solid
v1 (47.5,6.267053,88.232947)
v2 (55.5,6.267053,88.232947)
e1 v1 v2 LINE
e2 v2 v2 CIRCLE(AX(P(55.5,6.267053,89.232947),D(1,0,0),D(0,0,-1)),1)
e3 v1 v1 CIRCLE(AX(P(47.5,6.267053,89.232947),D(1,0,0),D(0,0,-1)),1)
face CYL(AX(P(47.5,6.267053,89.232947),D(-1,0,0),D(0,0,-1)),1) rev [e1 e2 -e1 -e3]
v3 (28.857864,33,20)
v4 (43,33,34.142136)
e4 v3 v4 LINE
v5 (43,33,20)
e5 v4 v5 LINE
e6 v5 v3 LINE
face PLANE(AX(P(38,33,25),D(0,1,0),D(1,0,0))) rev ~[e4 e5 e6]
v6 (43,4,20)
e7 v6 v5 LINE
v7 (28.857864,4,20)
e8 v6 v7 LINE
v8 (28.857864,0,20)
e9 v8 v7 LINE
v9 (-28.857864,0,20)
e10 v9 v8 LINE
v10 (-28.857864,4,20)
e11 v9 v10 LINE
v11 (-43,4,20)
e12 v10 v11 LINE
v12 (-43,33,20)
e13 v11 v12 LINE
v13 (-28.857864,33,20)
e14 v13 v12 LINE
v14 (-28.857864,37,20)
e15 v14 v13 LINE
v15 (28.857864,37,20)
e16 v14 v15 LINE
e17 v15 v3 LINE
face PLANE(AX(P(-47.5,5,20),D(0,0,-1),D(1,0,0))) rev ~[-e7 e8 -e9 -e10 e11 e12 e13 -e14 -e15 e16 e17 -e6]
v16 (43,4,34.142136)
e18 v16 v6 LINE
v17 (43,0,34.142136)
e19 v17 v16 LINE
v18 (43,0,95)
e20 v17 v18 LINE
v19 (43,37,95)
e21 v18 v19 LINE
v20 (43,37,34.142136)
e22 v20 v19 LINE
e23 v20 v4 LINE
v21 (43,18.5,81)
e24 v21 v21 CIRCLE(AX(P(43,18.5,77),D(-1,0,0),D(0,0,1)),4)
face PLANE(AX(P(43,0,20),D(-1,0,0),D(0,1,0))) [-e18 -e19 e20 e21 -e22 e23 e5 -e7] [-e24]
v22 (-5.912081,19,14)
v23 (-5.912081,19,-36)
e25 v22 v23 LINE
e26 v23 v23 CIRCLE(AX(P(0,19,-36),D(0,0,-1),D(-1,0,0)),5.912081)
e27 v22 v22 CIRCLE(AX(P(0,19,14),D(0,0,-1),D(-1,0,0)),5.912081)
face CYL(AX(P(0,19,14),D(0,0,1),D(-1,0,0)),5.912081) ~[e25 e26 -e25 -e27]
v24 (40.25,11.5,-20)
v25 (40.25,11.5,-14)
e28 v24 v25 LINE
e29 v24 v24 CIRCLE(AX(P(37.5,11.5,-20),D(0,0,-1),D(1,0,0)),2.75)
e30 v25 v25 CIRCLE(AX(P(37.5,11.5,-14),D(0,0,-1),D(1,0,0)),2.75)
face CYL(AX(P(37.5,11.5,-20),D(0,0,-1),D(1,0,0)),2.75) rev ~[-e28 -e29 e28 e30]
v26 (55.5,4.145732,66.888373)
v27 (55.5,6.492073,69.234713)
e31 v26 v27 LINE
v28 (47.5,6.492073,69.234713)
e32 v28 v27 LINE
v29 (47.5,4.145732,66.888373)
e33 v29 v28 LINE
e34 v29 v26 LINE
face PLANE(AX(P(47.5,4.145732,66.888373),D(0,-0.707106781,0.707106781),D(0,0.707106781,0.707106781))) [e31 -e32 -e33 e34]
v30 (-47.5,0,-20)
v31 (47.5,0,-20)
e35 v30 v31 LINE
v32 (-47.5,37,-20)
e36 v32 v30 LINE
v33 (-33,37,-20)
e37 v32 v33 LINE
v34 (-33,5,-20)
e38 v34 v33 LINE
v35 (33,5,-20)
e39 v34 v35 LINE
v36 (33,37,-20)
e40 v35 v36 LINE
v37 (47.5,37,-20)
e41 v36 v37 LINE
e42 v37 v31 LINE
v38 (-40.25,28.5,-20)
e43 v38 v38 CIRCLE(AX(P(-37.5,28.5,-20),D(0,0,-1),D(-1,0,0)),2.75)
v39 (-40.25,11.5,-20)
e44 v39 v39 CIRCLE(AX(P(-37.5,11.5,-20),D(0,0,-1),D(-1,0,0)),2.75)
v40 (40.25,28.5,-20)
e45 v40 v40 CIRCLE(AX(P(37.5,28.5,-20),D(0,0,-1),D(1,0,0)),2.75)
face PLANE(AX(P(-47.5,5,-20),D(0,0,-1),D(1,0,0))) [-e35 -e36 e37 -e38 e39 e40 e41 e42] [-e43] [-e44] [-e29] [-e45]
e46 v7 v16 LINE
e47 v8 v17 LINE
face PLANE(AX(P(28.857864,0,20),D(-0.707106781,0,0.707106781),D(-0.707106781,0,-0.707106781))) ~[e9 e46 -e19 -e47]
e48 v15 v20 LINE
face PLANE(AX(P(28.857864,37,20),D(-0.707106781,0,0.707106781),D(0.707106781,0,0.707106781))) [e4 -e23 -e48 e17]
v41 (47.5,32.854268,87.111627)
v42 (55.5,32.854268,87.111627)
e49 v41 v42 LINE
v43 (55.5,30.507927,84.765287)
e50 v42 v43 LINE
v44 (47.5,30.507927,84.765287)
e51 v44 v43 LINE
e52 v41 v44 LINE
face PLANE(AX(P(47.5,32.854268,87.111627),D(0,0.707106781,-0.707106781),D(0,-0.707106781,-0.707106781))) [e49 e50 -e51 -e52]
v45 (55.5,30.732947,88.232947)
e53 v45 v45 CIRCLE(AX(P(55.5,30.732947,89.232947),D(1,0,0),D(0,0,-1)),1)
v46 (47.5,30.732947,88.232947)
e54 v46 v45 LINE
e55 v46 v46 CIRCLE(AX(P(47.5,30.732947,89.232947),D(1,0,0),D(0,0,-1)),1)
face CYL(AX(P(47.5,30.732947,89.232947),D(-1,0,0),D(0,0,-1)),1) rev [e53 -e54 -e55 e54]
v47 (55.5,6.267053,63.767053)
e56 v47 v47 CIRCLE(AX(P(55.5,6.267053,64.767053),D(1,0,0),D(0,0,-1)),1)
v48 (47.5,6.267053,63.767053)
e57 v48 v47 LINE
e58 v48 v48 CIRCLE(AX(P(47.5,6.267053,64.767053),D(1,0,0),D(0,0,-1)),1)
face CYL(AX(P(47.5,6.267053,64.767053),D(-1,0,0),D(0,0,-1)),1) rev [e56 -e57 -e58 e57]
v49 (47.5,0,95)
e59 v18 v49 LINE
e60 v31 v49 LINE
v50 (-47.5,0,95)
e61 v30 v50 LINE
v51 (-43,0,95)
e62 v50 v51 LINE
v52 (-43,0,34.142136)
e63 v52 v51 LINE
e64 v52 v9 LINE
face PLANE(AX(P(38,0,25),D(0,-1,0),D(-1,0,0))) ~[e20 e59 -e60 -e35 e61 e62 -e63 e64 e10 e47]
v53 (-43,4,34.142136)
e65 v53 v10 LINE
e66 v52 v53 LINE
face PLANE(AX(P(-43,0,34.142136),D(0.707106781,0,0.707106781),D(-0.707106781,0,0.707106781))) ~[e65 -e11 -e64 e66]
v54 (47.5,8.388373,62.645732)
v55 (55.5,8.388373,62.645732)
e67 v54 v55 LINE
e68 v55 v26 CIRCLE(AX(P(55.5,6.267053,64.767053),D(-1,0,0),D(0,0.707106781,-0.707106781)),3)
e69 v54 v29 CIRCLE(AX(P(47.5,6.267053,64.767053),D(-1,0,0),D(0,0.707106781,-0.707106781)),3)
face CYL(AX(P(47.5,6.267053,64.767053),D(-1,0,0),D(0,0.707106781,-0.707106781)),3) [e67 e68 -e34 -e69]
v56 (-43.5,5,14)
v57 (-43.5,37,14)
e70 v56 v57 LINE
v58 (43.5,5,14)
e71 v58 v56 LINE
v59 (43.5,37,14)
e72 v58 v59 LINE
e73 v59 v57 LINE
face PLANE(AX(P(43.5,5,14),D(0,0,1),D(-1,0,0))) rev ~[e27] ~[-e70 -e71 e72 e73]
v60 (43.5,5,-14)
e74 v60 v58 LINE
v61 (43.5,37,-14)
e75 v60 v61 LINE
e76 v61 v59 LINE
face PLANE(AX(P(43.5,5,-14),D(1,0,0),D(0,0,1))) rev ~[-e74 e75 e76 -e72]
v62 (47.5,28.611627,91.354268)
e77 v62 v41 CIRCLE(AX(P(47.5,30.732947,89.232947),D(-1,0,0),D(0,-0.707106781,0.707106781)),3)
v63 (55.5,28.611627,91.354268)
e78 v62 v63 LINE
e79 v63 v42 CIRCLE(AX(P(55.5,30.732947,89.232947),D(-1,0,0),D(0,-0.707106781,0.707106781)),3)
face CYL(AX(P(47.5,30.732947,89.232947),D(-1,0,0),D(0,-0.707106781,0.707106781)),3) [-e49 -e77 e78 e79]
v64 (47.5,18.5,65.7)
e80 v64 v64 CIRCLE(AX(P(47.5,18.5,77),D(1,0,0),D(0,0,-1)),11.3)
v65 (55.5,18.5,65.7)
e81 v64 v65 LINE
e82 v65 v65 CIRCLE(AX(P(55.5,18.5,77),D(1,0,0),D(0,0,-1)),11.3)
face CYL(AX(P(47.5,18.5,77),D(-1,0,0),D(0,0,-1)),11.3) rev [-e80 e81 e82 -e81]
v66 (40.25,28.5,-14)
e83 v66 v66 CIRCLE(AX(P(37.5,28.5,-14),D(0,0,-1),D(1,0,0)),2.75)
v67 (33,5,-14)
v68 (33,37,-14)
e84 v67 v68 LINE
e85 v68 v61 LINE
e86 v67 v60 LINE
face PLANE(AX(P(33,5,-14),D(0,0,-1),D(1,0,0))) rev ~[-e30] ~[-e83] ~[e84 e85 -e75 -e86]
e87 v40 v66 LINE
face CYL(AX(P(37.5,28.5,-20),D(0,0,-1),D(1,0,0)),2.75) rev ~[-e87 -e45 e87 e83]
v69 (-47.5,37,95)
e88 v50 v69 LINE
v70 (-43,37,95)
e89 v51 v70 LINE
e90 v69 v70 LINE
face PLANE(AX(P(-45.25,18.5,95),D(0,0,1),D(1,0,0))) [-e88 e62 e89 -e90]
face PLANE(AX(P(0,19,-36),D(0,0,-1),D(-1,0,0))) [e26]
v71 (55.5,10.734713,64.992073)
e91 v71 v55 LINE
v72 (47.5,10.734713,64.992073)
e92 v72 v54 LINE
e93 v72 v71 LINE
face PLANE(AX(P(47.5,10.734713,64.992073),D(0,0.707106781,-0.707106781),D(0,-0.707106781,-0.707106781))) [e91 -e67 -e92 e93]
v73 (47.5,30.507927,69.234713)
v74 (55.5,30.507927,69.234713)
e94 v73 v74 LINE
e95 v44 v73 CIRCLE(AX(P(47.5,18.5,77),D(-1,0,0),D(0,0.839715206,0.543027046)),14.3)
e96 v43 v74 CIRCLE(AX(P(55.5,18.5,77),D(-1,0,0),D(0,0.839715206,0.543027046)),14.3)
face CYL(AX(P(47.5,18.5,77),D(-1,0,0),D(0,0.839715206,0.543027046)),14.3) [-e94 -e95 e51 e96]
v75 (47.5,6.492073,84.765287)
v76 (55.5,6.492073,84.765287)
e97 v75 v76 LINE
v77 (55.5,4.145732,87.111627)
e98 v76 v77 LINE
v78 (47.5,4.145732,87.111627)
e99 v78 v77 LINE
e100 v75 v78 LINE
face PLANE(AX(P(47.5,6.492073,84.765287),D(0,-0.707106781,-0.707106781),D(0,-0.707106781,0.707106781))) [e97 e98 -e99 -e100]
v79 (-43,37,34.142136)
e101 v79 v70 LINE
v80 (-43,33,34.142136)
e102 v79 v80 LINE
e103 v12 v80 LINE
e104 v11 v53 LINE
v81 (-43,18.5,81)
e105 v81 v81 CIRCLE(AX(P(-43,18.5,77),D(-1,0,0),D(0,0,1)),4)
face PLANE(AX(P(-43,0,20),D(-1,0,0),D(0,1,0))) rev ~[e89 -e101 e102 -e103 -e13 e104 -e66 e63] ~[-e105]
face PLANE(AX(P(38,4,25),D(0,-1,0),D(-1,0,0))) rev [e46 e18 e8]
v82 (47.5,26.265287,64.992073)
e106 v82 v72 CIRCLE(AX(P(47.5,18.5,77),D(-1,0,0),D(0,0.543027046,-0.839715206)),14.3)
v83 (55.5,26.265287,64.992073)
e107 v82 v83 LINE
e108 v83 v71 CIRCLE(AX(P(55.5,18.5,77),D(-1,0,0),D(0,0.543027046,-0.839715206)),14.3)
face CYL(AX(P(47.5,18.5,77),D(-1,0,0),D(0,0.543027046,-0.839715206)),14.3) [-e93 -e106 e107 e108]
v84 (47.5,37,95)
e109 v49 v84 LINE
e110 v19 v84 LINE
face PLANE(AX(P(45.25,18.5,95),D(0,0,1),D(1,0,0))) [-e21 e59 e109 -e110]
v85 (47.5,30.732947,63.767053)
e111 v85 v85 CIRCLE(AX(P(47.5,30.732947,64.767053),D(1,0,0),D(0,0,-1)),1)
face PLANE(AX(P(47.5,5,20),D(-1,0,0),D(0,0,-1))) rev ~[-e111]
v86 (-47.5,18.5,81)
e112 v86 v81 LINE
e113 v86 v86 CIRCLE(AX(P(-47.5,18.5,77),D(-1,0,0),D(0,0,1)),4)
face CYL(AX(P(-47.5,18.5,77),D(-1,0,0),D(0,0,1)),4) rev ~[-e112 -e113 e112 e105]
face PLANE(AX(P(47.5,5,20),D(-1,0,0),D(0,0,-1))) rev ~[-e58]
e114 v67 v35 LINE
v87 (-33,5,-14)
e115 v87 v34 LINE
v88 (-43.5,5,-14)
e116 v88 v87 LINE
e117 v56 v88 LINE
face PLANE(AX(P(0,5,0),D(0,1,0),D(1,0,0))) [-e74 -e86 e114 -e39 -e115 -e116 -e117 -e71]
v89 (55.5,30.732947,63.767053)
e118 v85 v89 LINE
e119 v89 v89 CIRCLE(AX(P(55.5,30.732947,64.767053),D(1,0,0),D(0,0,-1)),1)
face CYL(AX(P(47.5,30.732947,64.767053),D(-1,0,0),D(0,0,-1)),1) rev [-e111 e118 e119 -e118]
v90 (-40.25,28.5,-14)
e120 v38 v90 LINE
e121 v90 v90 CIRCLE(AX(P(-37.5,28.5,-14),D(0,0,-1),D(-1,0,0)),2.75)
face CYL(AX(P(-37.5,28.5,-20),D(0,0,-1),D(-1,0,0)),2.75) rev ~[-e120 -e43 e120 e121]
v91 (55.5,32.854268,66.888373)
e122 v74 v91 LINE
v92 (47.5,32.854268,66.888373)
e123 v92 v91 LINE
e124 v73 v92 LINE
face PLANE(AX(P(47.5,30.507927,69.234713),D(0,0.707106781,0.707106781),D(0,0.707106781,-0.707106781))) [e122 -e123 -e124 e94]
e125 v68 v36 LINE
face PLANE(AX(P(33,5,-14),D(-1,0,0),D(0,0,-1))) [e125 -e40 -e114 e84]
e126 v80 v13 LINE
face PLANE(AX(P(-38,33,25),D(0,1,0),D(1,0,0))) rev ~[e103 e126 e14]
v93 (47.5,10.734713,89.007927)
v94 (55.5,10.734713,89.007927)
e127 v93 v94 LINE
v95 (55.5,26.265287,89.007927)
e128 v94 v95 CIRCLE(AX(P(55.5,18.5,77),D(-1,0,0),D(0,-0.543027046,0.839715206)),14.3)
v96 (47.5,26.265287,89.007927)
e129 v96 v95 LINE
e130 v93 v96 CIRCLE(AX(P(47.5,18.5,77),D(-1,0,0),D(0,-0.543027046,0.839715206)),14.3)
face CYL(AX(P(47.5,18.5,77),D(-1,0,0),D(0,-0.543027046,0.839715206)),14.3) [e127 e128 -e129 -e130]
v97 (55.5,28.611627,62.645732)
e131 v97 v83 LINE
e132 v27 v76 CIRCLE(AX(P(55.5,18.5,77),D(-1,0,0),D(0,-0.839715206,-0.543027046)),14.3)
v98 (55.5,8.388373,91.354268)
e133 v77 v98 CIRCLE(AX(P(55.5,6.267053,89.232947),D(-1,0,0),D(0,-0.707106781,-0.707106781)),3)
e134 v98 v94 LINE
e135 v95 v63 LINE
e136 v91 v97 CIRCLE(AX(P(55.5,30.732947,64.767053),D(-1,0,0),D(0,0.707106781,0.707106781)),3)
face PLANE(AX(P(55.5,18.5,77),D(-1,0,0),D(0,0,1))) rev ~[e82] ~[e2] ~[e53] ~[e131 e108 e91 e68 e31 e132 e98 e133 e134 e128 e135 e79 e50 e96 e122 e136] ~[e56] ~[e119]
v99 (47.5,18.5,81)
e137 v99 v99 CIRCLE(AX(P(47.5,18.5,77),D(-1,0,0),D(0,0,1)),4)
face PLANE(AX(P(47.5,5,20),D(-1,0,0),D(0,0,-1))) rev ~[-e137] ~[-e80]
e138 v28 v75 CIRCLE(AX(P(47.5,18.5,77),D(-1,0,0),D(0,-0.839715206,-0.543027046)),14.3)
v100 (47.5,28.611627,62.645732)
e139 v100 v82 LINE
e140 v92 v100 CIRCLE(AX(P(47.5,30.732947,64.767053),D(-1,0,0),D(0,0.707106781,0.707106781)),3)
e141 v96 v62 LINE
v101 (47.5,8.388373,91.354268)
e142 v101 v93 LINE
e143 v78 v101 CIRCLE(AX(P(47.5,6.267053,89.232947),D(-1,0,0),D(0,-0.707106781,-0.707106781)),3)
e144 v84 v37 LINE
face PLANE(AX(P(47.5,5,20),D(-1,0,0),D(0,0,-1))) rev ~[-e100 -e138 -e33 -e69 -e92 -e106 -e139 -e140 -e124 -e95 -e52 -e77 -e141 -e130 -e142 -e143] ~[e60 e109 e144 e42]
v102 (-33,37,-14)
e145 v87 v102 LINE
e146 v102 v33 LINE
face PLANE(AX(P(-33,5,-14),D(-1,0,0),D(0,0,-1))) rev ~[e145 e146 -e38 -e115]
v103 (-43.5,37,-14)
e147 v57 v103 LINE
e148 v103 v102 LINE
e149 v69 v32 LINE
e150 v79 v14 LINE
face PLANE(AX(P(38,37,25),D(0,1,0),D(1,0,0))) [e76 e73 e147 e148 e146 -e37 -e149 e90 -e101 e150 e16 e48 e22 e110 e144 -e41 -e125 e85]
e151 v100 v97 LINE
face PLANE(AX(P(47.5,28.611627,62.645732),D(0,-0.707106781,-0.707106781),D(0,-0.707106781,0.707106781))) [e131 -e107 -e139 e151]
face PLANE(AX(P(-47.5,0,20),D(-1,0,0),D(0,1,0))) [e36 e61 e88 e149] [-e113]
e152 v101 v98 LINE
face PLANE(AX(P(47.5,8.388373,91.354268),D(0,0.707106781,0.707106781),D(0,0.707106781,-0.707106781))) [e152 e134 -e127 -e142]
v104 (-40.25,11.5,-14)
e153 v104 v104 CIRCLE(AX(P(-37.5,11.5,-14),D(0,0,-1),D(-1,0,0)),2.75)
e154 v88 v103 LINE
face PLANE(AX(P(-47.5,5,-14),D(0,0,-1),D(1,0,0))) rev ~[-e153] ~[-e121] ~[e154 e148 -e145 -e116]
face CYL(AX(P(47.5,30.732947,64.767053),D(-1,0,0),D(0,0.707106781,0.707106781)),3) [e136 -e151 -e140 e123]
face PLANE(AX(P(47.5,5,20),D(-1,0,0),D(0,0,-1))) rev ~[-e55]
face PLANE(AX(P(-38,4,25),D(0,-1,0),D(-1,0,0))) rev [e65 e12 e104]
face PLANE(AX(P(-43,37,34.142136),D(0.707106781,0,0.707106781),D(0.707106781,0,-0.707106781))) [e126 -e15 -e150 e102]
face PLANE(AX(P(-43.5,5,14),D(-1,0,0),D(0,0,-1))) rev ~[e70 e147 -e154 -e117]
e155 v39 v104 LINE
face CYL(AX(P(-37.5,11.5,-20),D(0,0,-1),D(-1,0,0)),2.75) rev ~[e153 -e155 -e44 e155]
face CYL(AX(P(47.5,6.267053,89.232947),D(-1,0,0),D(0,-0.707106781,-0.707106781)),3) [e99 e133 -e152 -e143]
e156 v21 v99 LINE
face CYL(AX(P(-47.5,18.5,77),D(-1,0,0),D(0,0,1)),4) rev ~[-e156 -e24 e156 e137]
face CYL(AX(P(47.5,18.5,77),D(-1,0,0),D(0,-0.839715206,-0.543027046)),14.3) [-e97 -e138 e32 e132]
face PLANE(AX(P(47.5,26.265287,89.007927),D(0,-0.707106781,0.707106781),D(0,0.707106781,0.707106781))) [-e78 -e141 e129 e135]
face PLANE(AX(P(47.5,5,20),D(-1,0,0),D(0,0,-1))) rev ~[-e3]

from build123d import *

# Parameters (mm, degrees)
SKETCH1_W            = 95
SKETCH1_H            = 40
BOSS_EXTRUDE1_DEPTH  = 5
SKETCH2_W            = 14.5
SKETCH2_H            = 6
BOSS_EXTRUDE2_DEPTH  = 32
SKETCH4_R            = 2.75
CUT_EXTRUDE1_DEPTH   = 6
BOSS_EXTRUDE5_DEPTH  = 32
SKETCH11_W           = 4.5
SKETCH11_H           = 37
BOSS_EXTRUDE6_DEPTH  = 75
SKETCH12_R           = 4
CUT_EXTRUDE3_DEPTH   = 110
BOSS_EXTRUDE9_DEPTH  = 4
SKETCH16_R           = 11.3
SKETCH16_R_2         = 1
BOSS_EXTRUDE11_DEPTH = 8
SKETCH17_R           = 5.912080619
BOSS_EXTRUDE12_DEPTH = 50


with BuildPart() as part:
    # Sketch1 → Boss-Extrude1 (new body)
    with BuildSketch(Plane(origin=(0, 0, 0), x_dir=(1, 0, 0), z_dir=(0, 1, 0))):
        Rectangle(SKETCH1_W, SKETCH1_H)
    extrude(amount=BOSS_EXTRUDE1_DEPTH)

    # Sketch2 → Boss-Extrude2 (add)
    with BuildSketch(Plane(origin=(0, 5, 0), x_dir=(1, 0, 0), z_dir=(0, 1, 0))):
        with Locations((-40.25, 17)):
            Rectangle(SKETCH2_W, SKETCH2_H)
        with Locations((40.25, 17)):
            Rectangle(SKETCH2_W, SKETCH2_H)
    extrude(amount=BOSS_EXTRUDE2_DEPTH)

    # Sketch4 → Cut-Extrude1 (cut)
    with BuildSketch(Plane(origin=(0, 0, -20), x_dir=(-1, 0, 0), z_dir=(0, 0, -1))):
        with Locations((37.5, 11.5)):
            Circle(SKETCH4_R)
        with Locations((37.5, 28.5)):
            Circle(SKETCH4_R)
        with Locations(Location((-37.5, 28.5, 0), (0, 0, 180))):
            Circle(SKETCH4_R)
        with Locations(Location((-37.5, 11.5, 0), (0, 0, 180))):
            Circle(SKETCH4_R)
    extrude(amount=-CUT_EXTRUDE1_DEPTH, mode=Mode.SUBTRACT)

    # Sketch10 → Boss-Extrude5 (add)
    with BuildSketch(Plane(origin=(0, 5, 0), x_dir=(1, 0, 0), z_dir=(0, 1, 0))):
        Polygon((-47.5, -14), (-47.5, -20), (-43.5, -20), (43.5, -20), (47.5, -20), (47.5, -19), (47.5, 14), (43.5, 14), (43.5, -14), (-43.5, -14), (-43.5, 14), (-47.5, 14), align=None)
    extrude(amount=BOSS_EXTRUDE5_DEPTH)

    # Sketch11 → Boss-Extrude6 (add)
    with BuildSketch(Plane.XY.offset(20)):
        with Locations((-45.25, 18.5)):
            Rectangle(SKETCH11_W, SKETCH11_H)
        with Locations((45.25, 18.5)):
            Rectangle(SKETCH11_W, SKETCH11_H)
    extrude(amount=BOSS_EXTRUDE6_DEPTH)

    # Sketch12 → Cut-Extrude3 (cut)
    with BuildSketch(Plane.ZY.offset(47.5)):
        with Locations((77, 18.5)):
            Circle(SKETCH12_R)
    extrude(amount=-CUT_EXTRUDE3_DEPTH, mode=Mode.SUBTRACT)

    # Sketch15 → Boss-Extrude9 (add)
    with BuildSketch(Plane(origin=(0, 37, 0), x_dir=(1, 0, 0), z_dir=(0, 1, 0))):
        Polygon((28.857864376, -20), (43, -34.142135624), (43, -20), align=None)
        Polygon((-28.857864376, -20), (-43, -20), (-43, -34.142135624), align=None)
    boss_extrude9 = extrude(amount=-BOSS_EXTRUDE9_DEPTH)

    # Mirror2: Boss-Extrude9 across plane
    add(boss_extrude9.mirror(Plane.ZX.offset(18.5)))

    # Sketch16 → Boss-Extrude11 (add)
    with BuildSketch(Plane(origin=(47.5, 0, 0), x_dir=(0, 0, -1), z_dir=(1, 0, 0))):
        with BuildLine():
            Line((-66.888373029, 4.145732342), (-69.234713241, 6.492072554))
            ThreePointArc((-69.234713241, 6.492072554), (-77, 4.2), (-84.765286759, 6.492072554))
            Line((-84.765286759, 6.492072554), (-87.111626971, 4.145732342))
            ThreePointArc((-87.111626971, 4.145732342), (-91.354267658, 4.145732342), (-91.354267658, 8.388373029))
            Line((-91.354267658, 8.388373029), (-89.007927446, 10.734713241))
            ThreePointArc((-89.007927446, 10.734713241), (-91.3, 18.5), (-89.007927446, 26.265286759))
            Line((-89.007927446, 26.265286759), (-91.354267658, 28.611626971))
            ThreePointArc((-91.354267658, 28.611626971), (-91.354267658, 32.854267658), (-87.111626971, 32.854267658))
            Line((-87.111626971, 32.854267658), (-84.765286759, 30.507927446))
            ThreePointArc((-84.765286759, 30.507927446), (-77, 32.8), (-69.234713241, 30.507927446))
            Line((-69.234713241, 30.507927446), (-66.888373029, 32.854267658))
            ThreePointArc((-66.888373029, 32.854267658), (-62.645732342, 32.854267658), (-62.645732342, 28.611626971))
            Line((-62.645732342, 28.611626971), (-64.992072554, 26.265286759))
            ThreePointArc((-64.992072554, 26.265286759), (-62.7, 18.5), (-64.992072554, 10.734713241))
            Line((-64.992072554, 10.734713241), (-62.645732342, 8.388373029))
            ThreePointArc((-62.645732342, 8.388373029), (-62.645732342, 4.145732342), (-66.888373029, 4.145732342))
        make_face()
        with Locations((-77, 18.5)):
            Circle(SKETCH16_R, mode=Mode.SUBTRACT)
        with Locations((-64.767052685, 6.267052685)):
            Circle(SKETCH16_R_2, mode=Mode.SUBTRACT)
        with Locations((-89.232947315, 6.267052685)):
            Circle(SKETCH16_R_2, mode=Mode.SUBTRACT)
        with Locations((-89.232947315, 30.732947315)):
            Circle(SKETCH16_R_2, mode=Mode.SUBTRACT)
        with Locations((-64.767052685, 30.732947315)):
            Circle(SKETCH16_R_2, mode=Mode.SUBTRACT)
    extrude(amount=BOSS_EXTRUDE11_DEPTH)

    # Sketch17 → Boss-Extrude12 (add)
    with BuildSketch(Plane(origin=(0, 0, 14), x_dir=(-1, 0, 0), z_dir=(0, 0, -1))):
        with Locations((0, 19)):
            Circle(SKETCH17_R)
    extrude(amount=BOSS_EXTRUDE12_DEPTH)


solid = part.part
